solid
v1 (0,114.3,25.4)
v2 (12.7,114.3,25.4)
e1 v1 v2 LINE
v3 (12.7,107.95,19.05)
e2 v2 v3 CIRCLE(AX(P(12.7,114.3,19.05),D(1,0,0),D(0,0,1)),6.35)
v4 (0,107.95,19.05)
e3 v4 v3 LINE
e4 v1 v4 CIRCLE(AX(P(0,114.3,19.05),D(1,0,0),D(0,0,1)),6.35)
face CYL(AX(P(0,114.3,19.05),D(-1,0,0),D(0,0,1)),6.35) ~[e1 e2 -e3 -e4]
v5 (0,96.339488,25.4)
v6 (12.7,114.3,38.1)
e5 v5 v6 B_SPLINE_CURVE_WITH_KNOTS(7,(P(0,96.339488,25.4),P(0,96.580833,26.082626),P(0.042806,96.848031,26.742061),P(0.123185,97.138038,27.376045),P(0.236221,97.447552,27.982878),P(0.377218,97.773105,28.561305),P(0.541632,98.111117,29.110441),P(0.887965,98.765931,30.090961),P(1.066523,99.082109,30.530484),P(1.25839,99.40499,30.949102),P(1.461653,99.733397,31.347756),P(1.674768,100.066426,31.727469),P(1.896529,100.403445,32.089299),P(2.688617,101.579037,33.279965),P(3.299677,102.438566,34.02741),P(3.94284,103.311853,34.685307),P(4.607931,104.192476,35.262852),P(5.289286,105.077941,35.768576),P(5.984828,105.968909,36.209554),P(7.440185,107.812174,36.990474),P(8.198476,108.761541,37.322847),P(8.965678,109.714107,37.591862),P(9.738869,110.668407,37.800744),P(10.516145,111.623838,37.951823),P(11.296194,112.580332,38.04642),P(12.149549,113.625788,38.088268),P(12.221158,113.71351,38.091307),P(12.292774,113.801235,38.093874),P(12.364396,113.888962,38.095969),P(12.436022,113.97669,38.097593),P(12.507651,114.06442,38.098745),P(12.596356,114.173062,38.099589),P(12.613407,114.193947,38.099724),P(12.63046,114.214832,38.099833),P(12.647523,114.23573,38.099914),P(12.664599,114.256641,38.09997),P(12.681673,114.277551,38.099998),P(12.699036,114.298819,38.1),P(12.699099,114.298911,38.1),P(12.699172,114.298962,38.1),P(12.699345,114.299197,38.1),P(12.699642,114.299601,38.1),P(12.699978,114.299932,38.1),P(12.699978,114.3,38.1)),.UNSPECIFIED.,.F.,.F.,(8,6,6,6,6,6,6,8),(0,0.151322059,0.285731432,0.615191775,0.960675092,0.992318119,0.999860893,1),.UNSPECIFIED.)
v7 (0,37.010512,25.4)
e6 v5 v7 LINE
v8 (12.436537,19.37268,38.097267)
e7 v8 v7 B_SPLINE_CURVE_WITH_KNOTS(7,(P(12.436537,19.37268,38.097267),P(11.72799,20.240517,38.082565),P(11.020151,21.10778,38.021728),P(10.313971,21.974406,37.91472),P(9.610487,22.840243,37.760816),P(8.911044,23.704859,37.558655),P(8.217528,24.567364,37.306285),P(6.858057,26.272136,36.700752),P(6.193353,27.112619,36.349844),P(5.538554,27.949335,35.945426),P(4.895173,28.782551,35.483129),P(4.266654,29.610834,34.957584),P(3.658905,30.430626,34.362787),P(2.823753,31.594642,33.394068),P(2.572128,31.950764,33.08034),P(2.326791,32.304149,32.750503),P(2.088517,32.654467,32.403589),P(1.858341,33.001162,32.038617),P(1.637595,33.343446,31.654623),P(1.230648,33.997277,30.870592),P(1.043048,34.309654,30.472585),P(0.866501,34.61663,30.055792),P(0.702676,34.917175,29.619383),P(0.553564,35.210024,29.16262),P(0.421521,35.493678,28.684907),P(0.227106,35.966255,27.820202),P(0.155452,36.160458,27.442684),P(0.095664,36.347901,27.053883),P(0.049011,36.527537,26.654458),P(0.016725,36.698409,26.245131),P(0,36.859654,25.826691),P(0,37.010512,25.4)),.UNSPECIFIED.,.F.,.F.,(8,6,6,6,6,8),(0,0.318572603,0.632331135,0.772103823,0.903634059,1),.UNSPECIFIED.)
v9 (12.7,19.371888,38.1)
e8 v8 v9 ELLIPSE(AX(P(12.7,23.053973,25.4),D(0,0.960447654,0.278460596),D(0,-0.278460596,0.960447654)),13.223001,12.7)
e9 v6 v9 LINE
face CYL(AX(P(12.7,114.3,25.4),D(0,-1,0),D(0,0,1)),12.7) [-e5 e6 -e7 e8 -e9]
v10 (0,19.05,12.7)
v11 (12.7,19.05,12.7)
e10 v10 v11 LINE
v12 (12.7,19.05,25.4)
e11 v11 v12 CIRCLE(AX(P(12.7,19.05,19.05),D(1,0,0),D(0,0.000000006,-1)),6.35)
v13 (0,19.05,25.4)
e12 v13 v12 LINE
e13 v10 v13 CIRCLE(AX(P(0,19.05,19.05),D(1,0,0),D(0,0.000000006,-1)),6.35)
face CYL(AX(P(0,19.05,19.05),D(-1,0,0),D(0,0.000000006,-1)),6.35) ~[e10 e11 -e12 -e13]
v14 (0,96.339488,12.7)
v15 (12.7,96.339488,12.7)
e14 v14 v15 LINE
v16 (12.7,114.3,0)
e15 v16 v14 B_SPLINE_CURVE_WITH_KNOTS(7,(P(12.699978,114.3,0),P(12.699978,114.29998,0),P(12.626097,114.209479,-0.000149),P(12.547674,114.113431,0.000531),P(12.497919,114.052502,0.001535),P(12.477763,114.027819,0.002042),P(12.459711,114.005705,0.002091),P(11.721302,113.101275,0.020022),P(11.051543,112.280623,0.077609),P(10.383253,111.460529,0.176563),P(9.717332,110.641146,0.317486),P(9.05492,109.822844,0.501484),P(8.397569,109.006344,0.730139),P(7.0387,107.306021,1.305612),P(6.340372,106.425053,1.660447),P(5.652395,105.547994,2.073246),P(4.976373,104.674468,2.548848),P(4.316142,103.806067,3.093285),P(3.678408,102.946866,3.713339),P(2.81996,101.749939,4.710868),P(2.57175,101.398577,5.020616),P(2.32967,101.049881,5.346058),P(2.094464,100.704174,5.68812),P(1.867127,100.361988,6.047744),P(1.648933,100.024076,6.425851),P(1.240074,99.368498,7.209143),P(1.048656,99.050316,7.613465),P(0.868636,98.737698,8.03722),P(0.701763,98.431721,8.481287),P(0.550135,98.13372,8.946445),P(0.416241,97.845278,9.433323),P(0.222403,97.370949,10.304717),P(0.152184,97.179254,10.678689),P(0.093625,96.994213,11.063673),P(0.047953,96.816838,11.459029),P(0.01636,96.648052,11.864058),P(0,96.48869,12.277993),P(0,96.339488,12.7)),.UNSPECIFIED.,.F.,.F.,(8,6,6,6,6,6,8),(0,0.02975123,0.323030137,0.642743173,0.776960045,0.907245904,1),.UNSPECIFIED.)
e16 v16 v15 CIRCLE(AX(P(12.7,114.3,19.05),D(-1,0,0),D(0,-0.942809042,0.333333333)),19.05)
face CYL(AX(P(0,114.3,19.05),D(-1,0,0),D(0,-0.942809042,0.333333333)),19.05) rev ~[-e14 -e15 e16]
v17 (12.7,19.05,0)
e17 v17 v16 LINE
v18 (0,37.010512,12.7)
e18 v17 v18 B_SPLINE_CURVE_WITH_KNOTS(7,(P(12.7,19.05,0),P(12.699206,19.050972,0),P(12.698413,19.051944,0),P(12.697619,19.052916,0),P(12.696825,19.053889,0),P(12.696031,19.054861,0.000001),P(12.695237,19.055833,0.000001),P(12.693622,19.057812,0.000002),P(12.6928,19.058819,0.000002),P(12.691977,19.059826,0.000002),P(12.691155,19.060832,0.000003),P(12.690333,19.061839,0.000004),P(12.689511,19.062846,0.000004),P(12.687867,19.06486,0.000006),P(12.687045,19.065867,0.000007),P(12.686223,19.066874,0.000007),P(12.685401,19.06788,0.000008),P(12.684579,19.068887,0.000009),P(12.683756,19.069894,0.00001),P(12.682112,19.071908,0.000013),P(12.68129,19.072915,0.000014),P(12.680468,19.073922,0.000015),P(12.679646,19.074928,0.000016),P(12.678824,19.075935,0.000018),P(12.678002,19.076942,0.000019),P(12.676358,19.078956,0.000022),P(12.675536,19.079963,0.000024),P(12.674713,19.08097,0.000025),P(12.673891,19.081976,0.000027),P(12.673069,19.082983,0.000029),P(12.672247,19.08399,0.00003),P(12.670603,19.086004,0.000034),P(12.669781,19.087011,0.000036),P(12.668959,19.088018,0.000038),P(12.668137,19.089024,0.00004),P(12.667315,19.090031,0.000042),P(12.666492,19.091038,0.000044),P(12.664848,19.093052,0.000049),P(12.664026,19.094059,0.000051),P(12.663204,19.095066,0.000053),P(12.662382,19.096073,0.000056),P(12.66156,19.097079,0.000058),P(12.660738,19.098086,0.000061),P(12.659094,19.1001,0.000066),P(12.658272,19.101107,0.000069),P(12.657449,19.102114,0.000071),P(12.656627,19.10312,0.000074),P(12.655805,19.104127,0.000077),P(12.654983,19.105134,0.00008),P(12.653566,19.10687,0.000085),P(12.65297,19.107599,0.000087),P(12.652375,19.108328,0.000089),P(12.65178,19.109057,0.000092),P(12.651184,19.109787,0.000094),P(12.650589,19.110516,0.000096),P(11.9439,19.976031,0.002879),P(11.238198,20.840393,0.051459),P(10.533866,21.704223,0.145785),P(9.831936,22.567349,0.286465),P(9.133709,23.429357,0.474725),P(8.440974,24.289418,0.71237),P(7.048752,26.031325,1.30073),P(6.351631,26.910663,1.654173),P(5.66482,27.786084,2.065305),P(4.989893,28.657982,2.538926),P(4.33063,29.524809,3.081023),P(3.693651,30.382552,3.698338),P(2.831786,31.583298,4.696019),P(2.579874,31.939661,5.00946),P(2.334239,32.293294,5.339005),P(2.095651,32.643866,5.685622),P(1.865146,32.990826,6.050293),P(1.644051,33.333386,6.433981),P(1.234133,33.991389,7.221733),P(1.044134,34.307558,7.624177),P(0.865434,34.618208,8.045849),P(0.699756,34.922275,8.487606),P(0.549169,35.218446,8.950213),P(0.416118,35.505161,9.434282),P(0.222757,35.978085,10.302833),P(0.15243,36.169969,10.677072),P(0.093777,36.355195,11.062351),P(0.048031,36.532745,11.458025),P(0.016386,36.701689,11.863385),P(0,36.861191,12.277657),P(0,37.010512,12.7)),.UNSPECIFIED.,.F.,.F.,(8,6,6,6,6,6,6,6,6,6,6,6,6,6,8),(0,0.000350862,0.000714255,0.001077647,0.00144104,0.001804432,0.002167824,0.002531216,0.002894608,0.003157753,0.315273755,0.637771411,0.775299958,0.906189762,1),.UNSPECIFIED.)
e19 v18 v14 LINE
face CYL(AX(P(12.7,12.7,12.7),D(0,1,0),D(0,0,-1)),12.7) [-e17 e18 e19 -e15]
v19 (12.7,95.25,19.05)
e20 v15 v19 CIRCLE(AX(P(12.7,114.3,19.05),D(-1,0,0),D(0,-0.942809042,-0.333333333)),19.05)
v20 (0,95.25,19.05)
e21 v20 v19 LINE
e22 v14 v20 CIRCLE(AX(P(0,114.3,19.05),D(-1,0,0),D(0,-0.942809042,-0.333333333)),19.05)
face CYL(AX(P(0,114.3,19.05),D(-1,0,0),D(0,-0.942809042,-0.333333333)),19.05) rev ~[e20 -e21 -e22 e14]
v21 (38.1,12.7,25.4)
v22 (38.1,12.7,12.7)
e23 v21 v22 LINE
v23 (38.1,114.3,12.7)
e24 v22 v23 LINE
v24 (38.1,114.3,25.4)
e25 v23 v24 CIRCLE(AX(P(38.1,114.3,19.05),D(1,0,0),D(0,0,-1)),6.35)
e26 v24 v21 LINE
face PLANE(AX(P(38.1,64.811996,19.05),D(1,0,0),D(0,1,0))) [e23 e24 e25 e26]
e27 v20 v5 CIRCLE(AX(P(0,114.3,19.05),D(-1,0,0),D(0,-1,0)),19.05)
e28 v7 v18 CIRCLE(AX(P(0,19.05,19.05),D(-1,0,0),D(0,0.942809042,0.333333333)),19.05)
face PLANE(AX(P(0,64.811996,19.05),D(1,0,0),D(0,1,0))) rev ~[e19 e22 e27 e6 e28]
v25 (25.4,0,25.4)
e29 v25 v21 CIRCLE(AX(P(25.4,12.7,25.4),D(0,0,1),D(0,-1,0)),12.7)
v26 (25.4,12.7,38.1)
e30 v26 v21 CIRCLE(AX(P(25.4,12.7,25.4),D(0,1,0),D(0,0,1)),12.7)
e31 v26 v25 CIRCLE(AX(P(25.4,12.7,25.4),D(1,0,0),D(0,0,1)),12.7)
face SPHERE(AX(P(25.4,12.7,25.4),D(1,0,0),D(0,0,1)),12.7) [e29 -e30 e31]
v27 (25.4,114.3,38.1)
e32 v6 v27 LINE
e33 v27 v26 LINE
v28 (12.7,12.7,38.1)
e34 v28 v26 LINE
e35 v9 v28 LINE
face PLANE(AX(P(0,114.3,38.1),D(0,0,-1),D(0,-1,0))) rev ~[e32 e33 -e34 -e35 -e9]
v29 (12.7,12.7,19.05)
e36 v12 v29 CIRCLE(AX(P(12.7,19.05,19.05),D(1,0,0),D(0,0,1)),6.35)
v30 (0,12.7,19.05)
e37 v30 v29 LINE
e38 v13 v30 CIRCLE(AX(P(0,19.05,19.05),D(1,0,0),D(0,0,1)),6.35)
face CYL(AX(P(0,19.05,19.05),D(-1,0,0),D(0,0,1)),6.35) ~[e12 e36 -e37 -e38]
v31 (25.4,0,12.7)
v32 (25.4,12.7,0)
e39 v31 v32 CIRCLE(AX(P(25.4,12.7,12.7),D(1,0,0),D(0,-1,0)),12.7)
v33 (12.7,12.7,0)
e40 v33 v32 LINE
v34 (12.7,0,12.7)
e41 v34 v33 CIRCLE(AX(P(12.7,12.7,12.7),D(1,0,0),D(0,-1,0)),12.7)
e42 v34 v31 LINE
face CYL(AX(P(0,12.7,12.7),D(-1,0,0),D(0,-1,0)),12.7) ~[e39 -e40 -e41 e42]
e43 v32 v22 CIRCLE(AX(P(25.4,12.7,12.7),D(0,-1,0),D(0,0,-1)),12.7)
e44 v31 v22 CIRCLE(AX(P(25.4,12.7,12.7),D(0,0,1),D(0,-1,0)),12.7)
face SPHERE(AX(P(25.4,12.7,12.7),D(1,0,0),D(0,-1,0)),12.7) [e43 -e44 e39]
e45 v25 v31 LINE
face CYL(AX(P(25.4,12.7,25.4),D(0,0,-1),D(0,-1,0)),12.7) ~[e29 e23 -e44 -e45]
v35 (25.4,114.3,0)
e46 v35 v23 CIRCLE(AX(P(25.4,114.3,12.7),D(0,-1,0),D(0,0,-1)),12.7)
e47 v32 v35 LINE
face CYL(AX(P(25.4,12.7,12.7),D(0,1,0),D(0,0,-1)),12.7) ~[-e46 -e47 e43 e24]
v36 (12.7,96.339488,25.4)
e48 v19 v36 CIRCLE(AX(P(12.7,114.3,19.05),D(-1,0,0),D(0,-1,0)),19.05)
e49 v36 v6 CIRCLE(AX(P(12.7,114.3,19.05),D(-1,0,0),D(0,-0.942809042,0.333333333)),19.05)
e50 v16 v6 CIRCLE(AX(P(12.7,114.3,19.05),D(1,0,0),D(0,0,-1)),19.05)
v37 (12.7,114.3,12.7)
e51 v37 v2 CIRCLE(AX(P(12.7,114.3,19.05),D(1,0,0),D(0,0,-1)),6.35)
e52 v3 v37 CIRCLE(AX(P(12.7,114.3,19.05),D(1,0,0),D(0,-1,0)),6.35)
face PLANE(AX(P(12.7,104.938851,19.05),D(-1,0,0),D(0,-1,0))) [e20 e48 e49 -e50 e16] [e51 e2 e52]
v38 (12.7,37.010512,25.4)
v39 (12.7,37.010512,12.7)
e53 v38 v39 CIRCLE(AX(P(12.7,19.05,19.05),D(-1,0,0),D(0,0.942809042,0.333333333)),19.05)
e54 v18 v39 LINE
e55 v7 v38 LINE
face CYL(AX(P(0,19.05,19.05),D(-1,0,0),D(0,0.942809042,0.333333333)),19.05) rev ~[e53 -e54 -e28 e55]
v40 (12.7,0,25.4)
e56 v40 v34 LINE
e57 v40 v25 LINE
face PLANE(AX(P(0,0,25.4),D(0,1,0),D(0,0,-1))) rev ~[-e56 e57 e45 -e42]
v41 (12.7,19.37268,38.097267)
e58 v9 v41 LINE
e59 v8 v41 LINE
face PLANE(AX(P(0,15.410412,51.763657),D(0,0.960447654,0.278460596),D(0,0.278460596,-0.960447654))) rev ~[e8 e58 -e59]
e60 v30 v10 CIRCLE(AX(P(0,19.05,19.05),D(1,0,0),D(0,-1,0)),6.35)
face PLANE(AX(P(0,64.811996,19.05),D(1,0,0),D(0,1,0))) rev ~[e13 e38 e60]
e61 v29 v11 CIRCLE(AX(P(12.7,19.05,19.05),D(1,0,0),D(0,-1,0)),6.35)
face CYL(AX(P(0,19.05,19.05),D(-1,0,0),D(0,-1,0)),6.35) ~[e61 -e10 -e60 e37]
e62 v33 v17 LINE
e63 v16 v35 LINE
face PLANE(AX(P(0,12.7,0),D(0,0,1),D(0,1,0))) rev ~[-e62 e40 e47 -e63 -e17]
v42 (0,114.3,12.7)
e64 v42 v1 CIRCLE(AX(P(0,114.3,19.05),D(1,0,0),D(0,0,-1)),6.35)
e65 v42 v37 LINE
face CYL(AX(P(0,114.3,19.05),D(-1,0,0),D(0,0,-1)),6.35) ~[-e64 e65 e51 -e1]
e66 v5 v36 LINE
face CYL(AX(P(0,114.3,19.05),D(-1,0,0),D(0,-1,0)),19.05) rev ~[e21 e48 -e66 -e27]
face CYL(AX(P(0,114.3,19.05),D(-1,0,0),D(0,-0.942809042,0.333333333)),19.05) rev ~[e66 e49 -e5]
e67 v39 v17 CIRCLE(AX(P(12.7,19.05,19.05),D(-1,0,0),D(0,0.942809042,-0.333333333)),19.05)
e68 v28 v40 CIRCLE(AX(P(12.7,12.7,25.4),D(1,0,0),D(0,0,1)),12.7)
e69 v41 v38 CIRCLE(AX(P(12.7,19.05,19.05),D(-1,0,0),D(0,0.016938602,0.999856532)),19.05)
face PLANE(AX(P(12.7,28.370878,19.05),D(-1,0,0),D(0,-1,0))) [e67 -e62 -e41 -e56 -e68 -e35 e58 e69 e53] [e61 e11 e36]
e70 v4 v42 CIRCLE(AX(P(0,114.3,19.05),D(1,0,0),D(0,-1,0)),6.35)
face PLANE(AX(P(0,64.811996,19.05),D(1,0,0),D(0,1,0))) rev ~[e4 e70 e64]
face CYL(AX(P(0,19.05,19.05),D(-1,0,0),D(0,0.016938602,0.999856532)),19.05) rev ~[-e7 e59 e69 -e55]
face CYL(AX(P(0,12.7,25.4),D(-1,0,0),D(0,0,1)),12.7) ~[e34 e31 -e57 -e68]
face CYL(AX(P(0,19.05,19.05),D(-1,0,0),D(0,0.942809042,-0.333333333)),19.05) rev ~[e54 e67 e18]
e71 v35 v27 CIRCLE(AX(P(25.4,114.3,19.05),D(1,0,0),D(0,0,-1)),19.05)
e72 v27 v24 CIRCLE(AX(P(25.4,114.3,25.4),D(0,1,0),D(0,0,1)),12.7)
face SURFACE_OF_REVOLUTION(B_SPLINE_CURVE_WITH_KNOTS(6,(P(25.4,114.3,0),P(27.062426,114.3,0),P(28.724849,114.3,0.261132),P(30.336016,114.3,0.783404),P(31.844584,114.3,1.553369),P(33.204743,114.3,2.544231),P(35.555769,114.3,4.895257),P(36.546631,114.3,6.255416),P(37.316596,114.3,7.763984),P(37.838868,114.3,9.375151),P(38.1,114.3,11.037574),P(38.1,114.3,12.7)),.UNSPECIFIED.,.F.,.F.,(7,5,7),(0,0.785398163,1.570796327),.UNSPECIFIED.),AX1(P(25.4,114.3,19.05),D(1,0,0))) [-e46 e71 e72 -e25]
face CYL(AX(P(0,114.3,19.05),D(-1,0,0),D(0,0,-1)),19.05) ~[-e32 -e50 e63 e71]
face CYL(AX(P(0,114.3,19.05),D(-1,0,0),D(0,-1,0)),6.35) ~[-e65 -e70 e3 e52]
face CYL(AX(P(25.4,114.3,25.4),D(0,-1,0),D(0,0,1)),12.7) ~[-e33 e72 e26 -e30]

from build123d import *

# Parameters (mm, degrees)
F1_DEPTH = 38.1
F2_R     = 12.7
F4_DEPTH = 12.7


with BuildPart() as f1:
    # F0 (on Right) → F1 (new body)
    with BuildSketch(Plane.YZ):
        with BuildLine():
            ThreePointArc((0, 12.7), (3.7197438789, 3.7197438789), (12.7, 0))
            Line((12.7, 0), (88.9, 0))
            Line((88.9, 0), (114.3, 0))
            ThreePointArc((114.3, 0), (133.35, 19.05), (114.3, 38.1))
            Line((114.3, 38.1), (88.9, 38.1))
            Line((88.9, 38.1), (12.7, 38.1))
            ThreePointArc((12.7, 38.1), (3.7197438789, 34.3802561211), (0, 25.4))
            Line((0, 25.4), (0, 12.7))
        make_face()
    extrude(amount=F1_DEPTH)

    # F2
    f2_edges = [f1.edges().sort_by_distance(p)[0] for p in [
        (38.1, 0, 19.05),
        (38.1, 3.719744, 3.719744),
        (38.1, 63.5, 0),
        (38.1, 133.35, 19.05),
        (38.1, 63.5, 38.1),
        (38.1, 3.719744, 34.380256),
        (0, 0, 19.05),
        (0, 3.719744, 3.719744),
        (0, 63.5, 0),
        (0, 133.35, 19.05),
        (0, 63.5, 38.1),
        (0, 3.719744, 34.380256),
    ]]
    fillet(f2_edges, radius=F2_R)

    # F3 (on face) → F4 (cut)
    with BuildSketch(Plane(origin=(0, 0, 0), x_dir=(0, -1, 0), z_dir=(-1, 0, 0))):
        with BuildLine():
            ThreePointArc((-114.3, 25.4), (-109.8098719395, 23.5401280605), (-107.95, 19.05))
            ThreePointArc((-107.95, 19.05), (-109.8098719395, 14.5598719395), (-114.3, 12.7))
            Line((-114.3, 12.7), (-96.3394877579, 12.7))
            ThreePointArc((-96.3394877579, 12.7), (-95.5243474386, 15.8286073053), (-95.25, 19.05))
            ThreePointArc((-95.25, 19.05), (-95.5243474386, 22.2713926947), (-96.3394877579, 25.4))
            Line((-96.3394877579, 25.4), (-114.3, 25.4))
        make_face()
        with BuildLine():
            ThreePointArc((-114.3, 12.7), (-120.65, 19.05), (-114.3, 25.4))
            Line((-114.3, 25.4), (-96.3394877579, 25.4))
            ThreePointArc((-96.3394877579, 25.4), (-133.35, 19.05), (-96.3394877579, 12.7))
            Line((-96.3394877579, 12.7), (-114.3, 12.7))
        make_face()
        with BuildLine():
            Line((-19.05, 25.4), (-37.0105122421, 25.4))
            ThreePointArc((-37.0105122421, 25.4), (-38.1, 19.05), (-37.0105122421, 12.7))
            Line((-37.0105122421, 12.7), (-19.0500000394, 12.7))
            ThreePointArc((-19.0500000394, 12.7), (-25.4, 19.0500000197), (-19.05, 25.4))
        make_face()
        with BuildLine():
            ThreePointArc((-19.3726803674, 38.0972669268), (-30.1798665694, 34.5105488307), (-37.0105122421, 25.4))
            Line((-37.0105122421, 25.4), (-19.05, 25.4))
            Line((-19.05, 25.4), (-12.7, 25.4))
            Line((-12.7, 25.4), (-12.7, 19.05))
            Line((-12.7, 19.05), (-12.7, 12.7))
            Line((-12.7, 12.7), (-19.0500000394, 12.7))
            Line((-19.0500000394, 12.7), (-37.0105122421, 12.7))
            ThreePointArc((-37.0105122421, 12.7), (-30.0485226281, 3.4957401333), (-19.05, 0))
            Line((-19.05, 0), (-15.2826001868, -14.698324725))
            Line((-15.2826001868, -14.698324725), (7.5956550427, -14.698324725))
            Line((7.5956550427, -14.698324725), (22.0383554697, 45.6287078559))
            Line((22.0383554697, 45.6287078559), (-15.4104121029, 51.7636574805))
            Line((-15.4104121029, 51.7636574805), (-19.3726803674, 38.0972669268))
        make_face()
        with BuildLine():
            Line((-12.7, 25.4), (-19.05, 25.4))
            ThreePointArc((-19.05, 25.4), (-14.5598719395, 23.5401280605), (-12.7, 19.05))
            Line((-12.7, 19.05), (-12.7, 25.4))
        make_face()
        with BuildLine():
            ThreePointArc((-12.7, 19.05), (-14.5598719534, 14.5598719255), (-19.0500000394, 12.7))
            Line((-19.0500000394, 12.7), (-12.7, 12.7))
            Line((-12.7, 12.7), (-12.7, 19.05))
        make_face()
    extrude(amount=-F4_DEPTH, mode=Mode.SUBTRACT)


solid = f1.part
